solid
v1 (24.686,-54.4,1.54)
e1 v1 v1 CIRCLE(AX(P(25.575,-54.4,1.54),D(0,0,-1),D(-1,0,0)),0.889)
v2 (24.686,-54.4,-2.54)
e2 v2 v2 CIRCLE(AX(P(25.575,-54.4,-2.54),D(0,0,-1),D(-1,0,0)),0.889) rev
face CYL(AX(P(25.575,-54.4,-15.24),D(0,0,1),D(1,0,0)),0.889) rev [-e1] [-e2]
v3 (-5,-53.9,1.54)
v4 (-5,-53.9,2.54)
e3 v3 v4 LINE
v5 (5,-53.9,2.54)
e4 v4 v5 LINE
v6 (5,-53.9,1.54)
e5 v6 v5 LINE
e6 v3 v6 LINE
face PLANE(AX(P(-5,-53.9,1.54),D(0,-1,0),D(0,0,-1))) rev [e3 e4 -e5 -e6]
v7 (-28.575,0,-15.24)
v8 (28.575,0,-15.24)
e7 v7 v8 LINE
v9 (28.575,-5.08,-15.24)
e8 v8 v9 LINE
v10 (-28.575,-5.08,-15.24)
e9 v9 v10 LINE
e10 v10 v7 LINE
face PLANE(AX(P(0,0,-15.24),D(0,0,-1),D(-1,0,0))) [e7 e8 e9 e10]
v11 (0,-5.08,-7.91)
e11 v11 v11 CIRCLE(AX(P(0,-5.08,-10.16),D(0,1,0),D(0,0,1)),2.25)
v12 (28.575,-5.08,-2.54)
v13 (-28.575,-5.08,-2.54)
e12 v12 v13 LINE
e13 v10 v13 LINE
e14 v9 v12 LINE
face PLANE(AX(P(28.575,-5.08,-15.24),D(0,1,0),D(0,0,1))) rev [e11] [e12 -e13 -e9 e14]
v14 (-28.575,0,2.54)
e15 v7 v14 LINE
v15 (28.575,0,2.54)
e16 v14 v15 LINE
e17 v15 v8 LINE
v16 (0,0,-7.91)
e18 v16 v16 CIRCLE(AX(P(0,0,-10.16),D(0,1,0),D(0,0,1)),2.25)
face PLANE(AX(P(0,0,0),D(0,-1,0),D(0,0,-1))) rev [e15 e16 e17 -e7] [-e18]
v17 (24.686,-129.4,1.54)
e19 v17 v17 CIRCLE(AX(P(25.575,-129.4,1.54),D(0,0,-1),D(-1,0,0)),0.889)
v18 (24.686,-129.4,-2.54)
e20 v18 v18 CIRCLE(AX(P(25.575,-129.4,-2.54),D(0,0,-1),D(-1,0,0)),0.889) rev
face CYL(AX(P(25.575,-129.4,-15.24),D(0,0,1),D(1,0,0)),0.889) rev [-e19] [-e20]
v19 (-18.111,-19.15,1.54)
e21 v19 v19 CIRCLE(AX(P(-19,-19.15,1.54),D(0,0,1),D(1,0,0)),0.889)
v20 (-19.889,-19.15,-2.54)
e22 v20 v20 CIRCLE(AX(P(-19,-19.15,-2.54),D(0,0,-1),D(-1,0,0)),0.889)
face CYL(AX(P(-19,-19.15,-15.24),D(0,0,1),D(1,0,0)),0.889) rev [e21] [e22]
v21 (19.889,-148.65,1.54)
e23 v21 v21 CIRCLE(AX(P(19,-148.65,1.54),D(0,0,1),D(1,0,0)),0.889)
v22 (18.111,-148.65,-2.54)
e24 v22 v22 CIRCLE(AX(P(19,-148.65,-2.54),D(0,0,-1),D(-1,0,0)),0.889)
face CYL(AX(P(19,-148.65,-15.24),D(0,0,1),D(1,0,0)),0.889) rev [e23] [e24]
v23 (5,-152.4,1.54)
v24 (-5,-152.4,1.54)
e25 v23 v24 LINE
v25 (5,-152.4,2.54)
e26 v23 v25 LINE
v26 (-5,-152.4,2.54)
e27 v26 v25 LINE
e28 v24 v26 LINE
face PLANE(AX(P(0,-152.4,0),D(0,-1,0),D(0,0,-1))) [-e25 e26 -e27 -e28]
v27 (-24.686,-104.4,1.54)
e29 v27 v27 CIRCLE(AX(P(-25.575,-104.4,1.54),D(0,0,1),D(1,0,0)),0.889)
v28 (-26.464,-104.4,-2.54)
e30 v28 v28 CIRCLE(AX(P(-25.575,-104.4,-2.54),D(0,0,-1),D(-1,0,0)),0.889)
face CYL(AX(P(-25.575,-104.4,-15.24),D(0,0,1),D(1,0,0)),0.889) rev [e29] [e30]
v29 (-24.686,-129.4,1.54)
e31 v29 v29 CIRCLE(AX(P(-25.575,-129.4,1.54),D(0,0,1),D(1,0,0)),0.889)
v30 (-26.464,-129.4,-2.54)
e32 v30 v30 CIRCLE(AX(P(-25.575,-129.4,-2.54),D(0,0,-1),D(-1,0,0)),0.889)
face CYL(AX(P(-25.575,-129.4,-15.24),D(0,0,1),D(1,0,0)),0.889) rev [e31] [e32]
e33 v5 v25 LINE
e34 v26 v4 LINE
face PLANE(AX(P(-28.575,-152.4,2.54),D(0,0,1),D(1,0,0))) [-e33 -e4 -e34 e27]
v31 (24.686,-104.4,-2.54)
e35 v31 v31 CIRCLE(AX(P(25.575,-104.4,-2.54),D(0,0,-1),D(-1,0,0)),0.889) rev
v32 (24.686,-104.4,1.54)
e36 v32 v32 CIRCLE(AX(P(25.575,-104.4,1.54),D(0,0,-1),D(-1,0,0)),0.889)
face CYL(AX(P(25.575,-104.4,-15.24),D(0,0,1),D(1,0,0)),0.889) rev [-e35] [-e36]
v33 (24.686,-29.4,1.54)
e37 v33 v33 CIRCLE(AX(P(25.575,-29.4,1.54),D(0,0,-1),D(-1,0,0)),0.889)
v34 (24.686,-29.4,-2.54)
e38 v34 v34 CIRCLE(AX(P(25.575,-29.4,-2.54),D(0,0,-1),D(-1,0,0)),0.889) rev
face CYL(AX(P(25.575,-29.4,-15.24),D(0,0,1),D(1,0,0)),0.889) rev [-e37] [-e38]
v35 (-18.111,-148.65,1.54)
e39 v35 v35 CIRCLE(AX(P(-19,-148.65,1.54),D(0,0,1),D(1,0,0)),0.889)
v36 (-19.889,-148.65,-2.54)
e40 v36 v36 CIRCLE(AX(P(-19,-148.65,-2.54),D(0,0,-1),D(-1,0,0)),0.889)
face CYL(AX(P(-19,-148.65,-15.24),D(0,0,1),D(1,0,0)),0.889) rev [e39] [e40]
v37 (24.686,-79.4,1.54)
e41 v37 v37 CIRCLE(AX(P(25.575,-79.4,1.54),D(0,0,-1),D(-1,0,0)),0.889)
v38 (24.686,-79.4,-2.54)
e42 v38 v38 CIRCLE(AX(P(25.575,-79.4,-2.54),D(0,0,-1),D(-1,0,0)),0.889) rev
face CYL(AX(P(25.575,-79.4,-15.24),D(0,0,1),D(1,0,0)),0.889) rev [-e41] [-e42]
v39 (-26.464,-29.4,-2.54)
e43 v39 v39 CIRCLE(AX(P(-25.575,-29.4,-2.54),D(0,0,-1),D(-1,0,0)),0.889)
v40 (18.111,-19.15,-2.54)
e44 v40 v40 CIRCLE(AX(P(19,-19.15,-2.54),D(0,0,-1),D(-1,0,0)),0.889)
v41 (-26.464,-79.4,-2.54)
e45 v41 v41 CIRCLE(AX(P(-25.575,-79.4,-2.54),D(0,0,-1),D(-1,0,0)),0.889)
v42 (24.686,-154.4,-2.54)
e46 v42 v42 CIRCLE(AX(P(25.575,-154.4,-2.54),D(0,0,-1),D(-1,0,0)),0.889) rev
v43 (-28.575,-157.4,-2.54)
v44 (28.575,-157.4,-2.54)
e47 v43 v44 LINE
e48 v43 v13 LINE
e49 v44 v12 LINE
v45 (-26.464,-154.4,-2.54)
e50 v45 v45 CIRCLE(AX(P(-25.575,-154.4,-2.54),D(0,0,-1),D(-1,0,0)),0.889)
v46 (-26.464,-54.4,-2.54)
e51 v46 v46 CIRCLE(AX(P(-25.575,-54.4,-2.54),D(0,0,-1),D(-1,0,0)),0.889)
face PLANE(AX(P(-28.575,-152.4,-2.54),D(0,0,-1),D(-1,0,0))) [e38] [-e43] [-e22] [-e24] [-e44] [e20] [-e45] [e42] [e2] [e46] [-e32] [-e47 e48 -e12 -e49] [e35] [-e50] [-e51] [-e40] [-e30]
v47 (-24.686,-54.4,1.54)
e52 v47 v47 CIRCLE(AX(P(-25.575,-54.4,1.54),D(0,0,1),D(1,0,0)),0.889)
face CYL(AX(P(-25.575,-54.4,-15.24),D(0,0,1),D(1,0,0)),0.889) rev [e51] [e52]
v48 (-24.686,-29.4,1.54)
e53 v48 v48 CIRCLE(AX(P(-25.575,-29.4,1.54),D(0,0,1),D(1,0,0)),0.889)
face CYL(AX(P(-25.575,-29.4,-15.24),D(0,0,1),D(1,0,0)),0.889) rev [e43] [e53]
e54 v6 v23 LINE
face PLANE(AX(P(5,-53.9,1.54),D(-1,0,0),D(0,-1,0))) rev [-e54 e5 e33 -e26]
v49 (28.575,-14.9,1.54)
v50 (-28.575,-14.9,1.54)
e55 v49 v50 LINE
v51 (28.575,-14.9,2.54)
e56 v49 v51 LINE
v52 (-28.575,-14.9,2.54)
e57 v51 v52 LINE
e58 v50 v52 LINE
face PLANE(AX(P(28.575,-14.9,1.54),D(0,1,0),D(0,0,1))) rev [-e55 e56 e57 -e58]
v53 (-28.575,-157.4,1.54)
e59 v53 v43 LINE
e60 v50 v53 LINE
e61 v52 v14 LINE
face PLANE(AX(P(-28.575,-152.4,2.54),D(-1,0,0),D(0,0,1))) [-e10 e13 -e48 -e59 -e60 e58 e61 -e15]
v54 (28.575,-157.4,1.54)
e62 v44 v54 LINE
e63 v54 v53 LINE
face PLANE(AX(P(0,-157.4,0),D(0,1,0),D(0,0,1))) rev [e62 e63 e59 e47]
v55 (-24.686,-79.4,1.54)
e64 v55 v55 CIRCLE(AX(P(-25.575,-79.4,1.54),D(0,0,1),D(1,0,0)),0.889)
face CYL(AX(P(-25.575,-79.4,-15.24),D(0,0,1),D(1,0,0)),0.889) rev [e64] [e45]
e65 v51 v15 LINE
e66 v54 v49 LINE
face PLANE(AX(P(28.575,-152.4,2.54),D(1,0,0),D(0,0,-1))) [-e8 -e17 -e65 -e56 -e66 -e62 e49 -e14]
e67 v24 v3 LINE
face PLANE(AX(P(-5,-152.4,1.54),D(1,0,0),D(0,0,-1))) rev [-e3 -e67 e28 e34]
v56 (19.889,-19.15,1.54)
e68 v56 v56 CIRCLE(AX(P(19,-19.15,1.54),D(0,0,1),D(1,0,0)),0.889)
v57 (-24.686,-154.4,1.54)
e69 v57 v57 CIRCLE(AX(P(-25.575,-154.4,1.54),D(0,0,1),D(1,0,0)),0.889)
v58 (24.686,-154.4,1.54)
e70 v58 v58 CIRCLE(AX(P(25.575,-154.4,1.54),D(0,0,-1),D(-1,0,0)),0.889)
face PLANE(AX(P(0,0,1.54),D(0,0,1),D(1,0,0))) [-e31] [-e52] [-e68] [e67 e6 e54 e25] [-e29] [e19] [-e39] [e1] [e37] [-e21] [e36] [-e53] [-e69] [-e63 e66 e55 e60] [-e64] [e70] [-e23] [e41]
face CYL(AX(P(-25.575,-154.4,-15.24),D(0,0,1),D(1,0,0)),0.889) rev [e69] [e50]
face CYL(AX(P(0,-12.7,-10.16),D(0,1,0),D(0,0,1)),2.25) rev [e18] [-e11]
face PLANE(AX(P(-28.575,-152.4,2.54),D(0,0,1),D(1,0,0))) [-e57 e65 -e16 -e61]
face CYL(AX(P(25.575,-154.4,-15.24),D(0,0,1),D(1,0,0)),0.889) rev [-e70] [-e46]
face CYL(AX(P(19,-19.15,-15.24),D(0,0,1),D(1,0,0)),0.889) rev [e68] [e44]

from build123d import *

# Parameters (mm, degrees)
SKETCH1_W                 = 57.15
SKETCH1_H                 = 5.08
BOSS_EXTRUDE1_DEPTH       = 152.4
CUT_EXTRUDE1_DEPTH        = 1
SKETCH3_W                 = 57.15
SKETCH3_H                 = 5.08
BOSS_EXTRUDE2_DEPTH       = 12.7
SKETCH4_R                 = 2.25
CUT_EXTRUDE2_DEPTH        = 12.7
SKETCH5_R                 = 0.889
CUT_EXTRUDE3_DEPTH        = 156.961081764
SKETCH6_W                 = 57.15
SKETCH6_H                 = 4.08
BOSS_EXTRUDE3_DEPTH       = 5
SKETCH7_R                 = 0.889
CUT_EXTRUDE4_DEPTH        = 161.850424386
LPATTERN1_COUNT           = 6
LPATTERN1_PITCH           = 25
LPATTERN1_COPY_1_SKETCH_R = 0.889
LPATTERN1_COPY_1_DEPTH    = 161.850424386
LPATTERN1_COPY_2_SKETCH_R = 0.889
LPATTERN1_COPY_2_DEPTH    = 161.850424386
LPATTERN1_COPY_3_SKETCH_R = 0.889
LPATTERN1_COPY_3_DEPTH    = 161.850424386
LPATTERN1_COPY_4_SKETCH_R = 0.889
LPATTERN1_COPY_4_DEPTH    = 161.850424386
LPATTERN1_COPY_5_SKETCH_R = 0.889
LPATTERN1_COPY_5_DEPTH    = 161.850424386


with BuildPart() as part:
    # Sketch1 → Boss-Extrude1 (new body)
    with BuildSketch(Plane(origin=(0, 0, 0), x_dir=(1, 0, 0), z_dir=(0, 1, 0))):
        Rectangle(SKETCH1_W, SKETCH1_H)
    extrude(amount=-BOSS_EXTRUDE1_DEPTH)

    # Sketch2 → Cut-Extrude1 (cut)
    with BuildSketch(Plane.XY.offset(2.54)):
        Polygon((-5, -152.4), (-5, -53.9), (5, -53.9), (5, -152.4), (28.575, -152.4), (28.575, -14.9), (-28.575, -14.9), (-28.575, -152.4), align=None)
    extrude(amount=-CUT_EXTRUDE1_DEPTH, mode=Mode.SUBTRACT)

    # Sketch3 → Boss-Extrude2 (add)
    with BuildSketch(Plane(origin=(0, 0, -2.54), x_dir=(-1, 0, 0), z_dir=(0, 0, -1))):
        with Locations((0, -2.54)):
            Rectangle(SKETCH3_W, SKETCH3_H)
    extrude(amount=BOSS_EXTRUDE2_DEPTH)

    # Sketch4 → Cut-Extrude2 (cut)
    with BuildSketch(Plane(origin=(0, 0, 0), x_dir=(1, 0, 0), z_dir=(0, 1, 0))):
        with Locations(Location((0, 10.16, 0), (0, 0, 270))):
            Circle(SKETCH4_R)
    extrude(amount=-CUT_EXTRUDE2_DEPTH, mode=Mode.SUBTRACT)

    # Sketch5 → Cut-Extrude3 (cut, through all)
    with BuildSketch(Plane.XY.offset(1.54)):
        with Locations((-19, -19.15)):
            Circle(SKETCH5_R)
        with Locations((19, -19.15)):
            Circle(SKETCH5_R)
        with Locations((-19, -148.65)):
            Circle(SKETCH5_R)
        with Locations((19, -148.65)):
            Circle(SKETCH5_R)
    extrude(amount=-CUT_EXTRUDE3_DEPTH, mode=Mode.SUBTRACT)

    # Sketch6 → Boss-Extrude3 (add)
    with BuildSketch(Plane.XZ.offset(152.4)):
        with Locations((0, -0.5)):
            Rectangle(SKETCH6_W, SKETCH6_H)
    extrude(amount=BOSS_EXTRUDE3_DEPTH)

    # Sketch7 → Cut-Extrude4 (cut, through all)
    with BuildSketch(Plane.XY.offset(1.54)):
        with Locations((-25.575, -154.4)):
            Circle(SKETCH7_R)
    cut_extrude4 = extrude(amount=-CUT_EXTRUDE4_DEPTH, mode=Mode.SUBTRACT)

    # Mirror1: Cut-Extrude4 across plane
    add(cut_extrude4.mirror(Plane(origin=(0, 0, 0), x_dir=(0, 0, 1), z_dir=(1, 0, 0))), mode=Mode.SUBTRACT)

    # LPattern1: Cut-Extrude4 ×6
    with Locations(*[(0, i * LPATTERN1_PITCH, 0) for i in range(1, LPATTERN1_COUNT)]):
        add(cut_extrude4, mode=Mode.SUBTRACT)

    # LPattern1 copy 1 sketch → LPattern1 copy 1 (cut, through all)
    with BuildSketch(Plane(origin=(0, 25, 1.54), x_dir=(-1, 0, 0), z_dir=(0, 0, 1))):
        with Locations((-25.575, 154.4)):
            Circle(LPATTERN1_COPY_1_SKETCH_R)
    extrude(amount=-LPATTERN1_COPY_1_DEPTH, mode=Mode.SUBTRACT)

    # LPattern1 copy 2 sketch → LPattern1 copy 2 (cut, through all)
    with BuildSketch(Plane(origin=(0, 50, 1.54), x_dir=(-1, 0, 0), z_dir=(0, 0, 1))):
        with Locations((-25.575, 154.4)):
            Circle(LPATTERN1_COPY_2_SKETCH_R)
    extrude(amount=-LPATTERN1_COPY_2_DEPTH, mode=Mode.SUBTRACT)

    # LPattern1 copy 3 sketch → LPattern1 copy 3 (cut, through all)
    with BuildSketch(Plane(origin=(0, 75, 1.54), x_dir=(-1, 0, 0), z_dir=(0, 0, 1))):
        with Locations((-25.575, 154.4)):
            Circle(LPATTERN1_COPY_3_SKETCH_R)
    extrude(amount=-LPATTERN1_COPY_3_DEPTH, mode=Mode.SUBTRACT)

    # LPattern1 copy 4 sketch → LPattern1 copy 4 (cut, through all)
    with BuildSketch(Plane(origin=(0, 100, 1.54), x_dir=(-1, 0, 0), z_dir=(0, 0, 1))):
        with Locations((-25.575, 154.4)):
            Circle(LPATTERN1_COPY_4_SKETCH_R)
    extrude(amount=-LPATTERN1_COPY_4_DEPTH, mode=Mode.SUBTRACT)

    # LPattern1 copy 5 sketch → LPattern1 copy 5 (cut, through all)
    with BuildSketch(Plane(origin=(0, 125, 1.54), x_dir=(-1, 0, 0), z_dir=(0, 0, 1))):
        with Locations((-25.575, 154.4)):
            Circle(LPATTERN1_COPY_5_SKETCH_R)
    extrude(amount=-LPATTERN1_COPY_5_DEPTH, mode=Mode.SUBTRACT)


solid = part.part
